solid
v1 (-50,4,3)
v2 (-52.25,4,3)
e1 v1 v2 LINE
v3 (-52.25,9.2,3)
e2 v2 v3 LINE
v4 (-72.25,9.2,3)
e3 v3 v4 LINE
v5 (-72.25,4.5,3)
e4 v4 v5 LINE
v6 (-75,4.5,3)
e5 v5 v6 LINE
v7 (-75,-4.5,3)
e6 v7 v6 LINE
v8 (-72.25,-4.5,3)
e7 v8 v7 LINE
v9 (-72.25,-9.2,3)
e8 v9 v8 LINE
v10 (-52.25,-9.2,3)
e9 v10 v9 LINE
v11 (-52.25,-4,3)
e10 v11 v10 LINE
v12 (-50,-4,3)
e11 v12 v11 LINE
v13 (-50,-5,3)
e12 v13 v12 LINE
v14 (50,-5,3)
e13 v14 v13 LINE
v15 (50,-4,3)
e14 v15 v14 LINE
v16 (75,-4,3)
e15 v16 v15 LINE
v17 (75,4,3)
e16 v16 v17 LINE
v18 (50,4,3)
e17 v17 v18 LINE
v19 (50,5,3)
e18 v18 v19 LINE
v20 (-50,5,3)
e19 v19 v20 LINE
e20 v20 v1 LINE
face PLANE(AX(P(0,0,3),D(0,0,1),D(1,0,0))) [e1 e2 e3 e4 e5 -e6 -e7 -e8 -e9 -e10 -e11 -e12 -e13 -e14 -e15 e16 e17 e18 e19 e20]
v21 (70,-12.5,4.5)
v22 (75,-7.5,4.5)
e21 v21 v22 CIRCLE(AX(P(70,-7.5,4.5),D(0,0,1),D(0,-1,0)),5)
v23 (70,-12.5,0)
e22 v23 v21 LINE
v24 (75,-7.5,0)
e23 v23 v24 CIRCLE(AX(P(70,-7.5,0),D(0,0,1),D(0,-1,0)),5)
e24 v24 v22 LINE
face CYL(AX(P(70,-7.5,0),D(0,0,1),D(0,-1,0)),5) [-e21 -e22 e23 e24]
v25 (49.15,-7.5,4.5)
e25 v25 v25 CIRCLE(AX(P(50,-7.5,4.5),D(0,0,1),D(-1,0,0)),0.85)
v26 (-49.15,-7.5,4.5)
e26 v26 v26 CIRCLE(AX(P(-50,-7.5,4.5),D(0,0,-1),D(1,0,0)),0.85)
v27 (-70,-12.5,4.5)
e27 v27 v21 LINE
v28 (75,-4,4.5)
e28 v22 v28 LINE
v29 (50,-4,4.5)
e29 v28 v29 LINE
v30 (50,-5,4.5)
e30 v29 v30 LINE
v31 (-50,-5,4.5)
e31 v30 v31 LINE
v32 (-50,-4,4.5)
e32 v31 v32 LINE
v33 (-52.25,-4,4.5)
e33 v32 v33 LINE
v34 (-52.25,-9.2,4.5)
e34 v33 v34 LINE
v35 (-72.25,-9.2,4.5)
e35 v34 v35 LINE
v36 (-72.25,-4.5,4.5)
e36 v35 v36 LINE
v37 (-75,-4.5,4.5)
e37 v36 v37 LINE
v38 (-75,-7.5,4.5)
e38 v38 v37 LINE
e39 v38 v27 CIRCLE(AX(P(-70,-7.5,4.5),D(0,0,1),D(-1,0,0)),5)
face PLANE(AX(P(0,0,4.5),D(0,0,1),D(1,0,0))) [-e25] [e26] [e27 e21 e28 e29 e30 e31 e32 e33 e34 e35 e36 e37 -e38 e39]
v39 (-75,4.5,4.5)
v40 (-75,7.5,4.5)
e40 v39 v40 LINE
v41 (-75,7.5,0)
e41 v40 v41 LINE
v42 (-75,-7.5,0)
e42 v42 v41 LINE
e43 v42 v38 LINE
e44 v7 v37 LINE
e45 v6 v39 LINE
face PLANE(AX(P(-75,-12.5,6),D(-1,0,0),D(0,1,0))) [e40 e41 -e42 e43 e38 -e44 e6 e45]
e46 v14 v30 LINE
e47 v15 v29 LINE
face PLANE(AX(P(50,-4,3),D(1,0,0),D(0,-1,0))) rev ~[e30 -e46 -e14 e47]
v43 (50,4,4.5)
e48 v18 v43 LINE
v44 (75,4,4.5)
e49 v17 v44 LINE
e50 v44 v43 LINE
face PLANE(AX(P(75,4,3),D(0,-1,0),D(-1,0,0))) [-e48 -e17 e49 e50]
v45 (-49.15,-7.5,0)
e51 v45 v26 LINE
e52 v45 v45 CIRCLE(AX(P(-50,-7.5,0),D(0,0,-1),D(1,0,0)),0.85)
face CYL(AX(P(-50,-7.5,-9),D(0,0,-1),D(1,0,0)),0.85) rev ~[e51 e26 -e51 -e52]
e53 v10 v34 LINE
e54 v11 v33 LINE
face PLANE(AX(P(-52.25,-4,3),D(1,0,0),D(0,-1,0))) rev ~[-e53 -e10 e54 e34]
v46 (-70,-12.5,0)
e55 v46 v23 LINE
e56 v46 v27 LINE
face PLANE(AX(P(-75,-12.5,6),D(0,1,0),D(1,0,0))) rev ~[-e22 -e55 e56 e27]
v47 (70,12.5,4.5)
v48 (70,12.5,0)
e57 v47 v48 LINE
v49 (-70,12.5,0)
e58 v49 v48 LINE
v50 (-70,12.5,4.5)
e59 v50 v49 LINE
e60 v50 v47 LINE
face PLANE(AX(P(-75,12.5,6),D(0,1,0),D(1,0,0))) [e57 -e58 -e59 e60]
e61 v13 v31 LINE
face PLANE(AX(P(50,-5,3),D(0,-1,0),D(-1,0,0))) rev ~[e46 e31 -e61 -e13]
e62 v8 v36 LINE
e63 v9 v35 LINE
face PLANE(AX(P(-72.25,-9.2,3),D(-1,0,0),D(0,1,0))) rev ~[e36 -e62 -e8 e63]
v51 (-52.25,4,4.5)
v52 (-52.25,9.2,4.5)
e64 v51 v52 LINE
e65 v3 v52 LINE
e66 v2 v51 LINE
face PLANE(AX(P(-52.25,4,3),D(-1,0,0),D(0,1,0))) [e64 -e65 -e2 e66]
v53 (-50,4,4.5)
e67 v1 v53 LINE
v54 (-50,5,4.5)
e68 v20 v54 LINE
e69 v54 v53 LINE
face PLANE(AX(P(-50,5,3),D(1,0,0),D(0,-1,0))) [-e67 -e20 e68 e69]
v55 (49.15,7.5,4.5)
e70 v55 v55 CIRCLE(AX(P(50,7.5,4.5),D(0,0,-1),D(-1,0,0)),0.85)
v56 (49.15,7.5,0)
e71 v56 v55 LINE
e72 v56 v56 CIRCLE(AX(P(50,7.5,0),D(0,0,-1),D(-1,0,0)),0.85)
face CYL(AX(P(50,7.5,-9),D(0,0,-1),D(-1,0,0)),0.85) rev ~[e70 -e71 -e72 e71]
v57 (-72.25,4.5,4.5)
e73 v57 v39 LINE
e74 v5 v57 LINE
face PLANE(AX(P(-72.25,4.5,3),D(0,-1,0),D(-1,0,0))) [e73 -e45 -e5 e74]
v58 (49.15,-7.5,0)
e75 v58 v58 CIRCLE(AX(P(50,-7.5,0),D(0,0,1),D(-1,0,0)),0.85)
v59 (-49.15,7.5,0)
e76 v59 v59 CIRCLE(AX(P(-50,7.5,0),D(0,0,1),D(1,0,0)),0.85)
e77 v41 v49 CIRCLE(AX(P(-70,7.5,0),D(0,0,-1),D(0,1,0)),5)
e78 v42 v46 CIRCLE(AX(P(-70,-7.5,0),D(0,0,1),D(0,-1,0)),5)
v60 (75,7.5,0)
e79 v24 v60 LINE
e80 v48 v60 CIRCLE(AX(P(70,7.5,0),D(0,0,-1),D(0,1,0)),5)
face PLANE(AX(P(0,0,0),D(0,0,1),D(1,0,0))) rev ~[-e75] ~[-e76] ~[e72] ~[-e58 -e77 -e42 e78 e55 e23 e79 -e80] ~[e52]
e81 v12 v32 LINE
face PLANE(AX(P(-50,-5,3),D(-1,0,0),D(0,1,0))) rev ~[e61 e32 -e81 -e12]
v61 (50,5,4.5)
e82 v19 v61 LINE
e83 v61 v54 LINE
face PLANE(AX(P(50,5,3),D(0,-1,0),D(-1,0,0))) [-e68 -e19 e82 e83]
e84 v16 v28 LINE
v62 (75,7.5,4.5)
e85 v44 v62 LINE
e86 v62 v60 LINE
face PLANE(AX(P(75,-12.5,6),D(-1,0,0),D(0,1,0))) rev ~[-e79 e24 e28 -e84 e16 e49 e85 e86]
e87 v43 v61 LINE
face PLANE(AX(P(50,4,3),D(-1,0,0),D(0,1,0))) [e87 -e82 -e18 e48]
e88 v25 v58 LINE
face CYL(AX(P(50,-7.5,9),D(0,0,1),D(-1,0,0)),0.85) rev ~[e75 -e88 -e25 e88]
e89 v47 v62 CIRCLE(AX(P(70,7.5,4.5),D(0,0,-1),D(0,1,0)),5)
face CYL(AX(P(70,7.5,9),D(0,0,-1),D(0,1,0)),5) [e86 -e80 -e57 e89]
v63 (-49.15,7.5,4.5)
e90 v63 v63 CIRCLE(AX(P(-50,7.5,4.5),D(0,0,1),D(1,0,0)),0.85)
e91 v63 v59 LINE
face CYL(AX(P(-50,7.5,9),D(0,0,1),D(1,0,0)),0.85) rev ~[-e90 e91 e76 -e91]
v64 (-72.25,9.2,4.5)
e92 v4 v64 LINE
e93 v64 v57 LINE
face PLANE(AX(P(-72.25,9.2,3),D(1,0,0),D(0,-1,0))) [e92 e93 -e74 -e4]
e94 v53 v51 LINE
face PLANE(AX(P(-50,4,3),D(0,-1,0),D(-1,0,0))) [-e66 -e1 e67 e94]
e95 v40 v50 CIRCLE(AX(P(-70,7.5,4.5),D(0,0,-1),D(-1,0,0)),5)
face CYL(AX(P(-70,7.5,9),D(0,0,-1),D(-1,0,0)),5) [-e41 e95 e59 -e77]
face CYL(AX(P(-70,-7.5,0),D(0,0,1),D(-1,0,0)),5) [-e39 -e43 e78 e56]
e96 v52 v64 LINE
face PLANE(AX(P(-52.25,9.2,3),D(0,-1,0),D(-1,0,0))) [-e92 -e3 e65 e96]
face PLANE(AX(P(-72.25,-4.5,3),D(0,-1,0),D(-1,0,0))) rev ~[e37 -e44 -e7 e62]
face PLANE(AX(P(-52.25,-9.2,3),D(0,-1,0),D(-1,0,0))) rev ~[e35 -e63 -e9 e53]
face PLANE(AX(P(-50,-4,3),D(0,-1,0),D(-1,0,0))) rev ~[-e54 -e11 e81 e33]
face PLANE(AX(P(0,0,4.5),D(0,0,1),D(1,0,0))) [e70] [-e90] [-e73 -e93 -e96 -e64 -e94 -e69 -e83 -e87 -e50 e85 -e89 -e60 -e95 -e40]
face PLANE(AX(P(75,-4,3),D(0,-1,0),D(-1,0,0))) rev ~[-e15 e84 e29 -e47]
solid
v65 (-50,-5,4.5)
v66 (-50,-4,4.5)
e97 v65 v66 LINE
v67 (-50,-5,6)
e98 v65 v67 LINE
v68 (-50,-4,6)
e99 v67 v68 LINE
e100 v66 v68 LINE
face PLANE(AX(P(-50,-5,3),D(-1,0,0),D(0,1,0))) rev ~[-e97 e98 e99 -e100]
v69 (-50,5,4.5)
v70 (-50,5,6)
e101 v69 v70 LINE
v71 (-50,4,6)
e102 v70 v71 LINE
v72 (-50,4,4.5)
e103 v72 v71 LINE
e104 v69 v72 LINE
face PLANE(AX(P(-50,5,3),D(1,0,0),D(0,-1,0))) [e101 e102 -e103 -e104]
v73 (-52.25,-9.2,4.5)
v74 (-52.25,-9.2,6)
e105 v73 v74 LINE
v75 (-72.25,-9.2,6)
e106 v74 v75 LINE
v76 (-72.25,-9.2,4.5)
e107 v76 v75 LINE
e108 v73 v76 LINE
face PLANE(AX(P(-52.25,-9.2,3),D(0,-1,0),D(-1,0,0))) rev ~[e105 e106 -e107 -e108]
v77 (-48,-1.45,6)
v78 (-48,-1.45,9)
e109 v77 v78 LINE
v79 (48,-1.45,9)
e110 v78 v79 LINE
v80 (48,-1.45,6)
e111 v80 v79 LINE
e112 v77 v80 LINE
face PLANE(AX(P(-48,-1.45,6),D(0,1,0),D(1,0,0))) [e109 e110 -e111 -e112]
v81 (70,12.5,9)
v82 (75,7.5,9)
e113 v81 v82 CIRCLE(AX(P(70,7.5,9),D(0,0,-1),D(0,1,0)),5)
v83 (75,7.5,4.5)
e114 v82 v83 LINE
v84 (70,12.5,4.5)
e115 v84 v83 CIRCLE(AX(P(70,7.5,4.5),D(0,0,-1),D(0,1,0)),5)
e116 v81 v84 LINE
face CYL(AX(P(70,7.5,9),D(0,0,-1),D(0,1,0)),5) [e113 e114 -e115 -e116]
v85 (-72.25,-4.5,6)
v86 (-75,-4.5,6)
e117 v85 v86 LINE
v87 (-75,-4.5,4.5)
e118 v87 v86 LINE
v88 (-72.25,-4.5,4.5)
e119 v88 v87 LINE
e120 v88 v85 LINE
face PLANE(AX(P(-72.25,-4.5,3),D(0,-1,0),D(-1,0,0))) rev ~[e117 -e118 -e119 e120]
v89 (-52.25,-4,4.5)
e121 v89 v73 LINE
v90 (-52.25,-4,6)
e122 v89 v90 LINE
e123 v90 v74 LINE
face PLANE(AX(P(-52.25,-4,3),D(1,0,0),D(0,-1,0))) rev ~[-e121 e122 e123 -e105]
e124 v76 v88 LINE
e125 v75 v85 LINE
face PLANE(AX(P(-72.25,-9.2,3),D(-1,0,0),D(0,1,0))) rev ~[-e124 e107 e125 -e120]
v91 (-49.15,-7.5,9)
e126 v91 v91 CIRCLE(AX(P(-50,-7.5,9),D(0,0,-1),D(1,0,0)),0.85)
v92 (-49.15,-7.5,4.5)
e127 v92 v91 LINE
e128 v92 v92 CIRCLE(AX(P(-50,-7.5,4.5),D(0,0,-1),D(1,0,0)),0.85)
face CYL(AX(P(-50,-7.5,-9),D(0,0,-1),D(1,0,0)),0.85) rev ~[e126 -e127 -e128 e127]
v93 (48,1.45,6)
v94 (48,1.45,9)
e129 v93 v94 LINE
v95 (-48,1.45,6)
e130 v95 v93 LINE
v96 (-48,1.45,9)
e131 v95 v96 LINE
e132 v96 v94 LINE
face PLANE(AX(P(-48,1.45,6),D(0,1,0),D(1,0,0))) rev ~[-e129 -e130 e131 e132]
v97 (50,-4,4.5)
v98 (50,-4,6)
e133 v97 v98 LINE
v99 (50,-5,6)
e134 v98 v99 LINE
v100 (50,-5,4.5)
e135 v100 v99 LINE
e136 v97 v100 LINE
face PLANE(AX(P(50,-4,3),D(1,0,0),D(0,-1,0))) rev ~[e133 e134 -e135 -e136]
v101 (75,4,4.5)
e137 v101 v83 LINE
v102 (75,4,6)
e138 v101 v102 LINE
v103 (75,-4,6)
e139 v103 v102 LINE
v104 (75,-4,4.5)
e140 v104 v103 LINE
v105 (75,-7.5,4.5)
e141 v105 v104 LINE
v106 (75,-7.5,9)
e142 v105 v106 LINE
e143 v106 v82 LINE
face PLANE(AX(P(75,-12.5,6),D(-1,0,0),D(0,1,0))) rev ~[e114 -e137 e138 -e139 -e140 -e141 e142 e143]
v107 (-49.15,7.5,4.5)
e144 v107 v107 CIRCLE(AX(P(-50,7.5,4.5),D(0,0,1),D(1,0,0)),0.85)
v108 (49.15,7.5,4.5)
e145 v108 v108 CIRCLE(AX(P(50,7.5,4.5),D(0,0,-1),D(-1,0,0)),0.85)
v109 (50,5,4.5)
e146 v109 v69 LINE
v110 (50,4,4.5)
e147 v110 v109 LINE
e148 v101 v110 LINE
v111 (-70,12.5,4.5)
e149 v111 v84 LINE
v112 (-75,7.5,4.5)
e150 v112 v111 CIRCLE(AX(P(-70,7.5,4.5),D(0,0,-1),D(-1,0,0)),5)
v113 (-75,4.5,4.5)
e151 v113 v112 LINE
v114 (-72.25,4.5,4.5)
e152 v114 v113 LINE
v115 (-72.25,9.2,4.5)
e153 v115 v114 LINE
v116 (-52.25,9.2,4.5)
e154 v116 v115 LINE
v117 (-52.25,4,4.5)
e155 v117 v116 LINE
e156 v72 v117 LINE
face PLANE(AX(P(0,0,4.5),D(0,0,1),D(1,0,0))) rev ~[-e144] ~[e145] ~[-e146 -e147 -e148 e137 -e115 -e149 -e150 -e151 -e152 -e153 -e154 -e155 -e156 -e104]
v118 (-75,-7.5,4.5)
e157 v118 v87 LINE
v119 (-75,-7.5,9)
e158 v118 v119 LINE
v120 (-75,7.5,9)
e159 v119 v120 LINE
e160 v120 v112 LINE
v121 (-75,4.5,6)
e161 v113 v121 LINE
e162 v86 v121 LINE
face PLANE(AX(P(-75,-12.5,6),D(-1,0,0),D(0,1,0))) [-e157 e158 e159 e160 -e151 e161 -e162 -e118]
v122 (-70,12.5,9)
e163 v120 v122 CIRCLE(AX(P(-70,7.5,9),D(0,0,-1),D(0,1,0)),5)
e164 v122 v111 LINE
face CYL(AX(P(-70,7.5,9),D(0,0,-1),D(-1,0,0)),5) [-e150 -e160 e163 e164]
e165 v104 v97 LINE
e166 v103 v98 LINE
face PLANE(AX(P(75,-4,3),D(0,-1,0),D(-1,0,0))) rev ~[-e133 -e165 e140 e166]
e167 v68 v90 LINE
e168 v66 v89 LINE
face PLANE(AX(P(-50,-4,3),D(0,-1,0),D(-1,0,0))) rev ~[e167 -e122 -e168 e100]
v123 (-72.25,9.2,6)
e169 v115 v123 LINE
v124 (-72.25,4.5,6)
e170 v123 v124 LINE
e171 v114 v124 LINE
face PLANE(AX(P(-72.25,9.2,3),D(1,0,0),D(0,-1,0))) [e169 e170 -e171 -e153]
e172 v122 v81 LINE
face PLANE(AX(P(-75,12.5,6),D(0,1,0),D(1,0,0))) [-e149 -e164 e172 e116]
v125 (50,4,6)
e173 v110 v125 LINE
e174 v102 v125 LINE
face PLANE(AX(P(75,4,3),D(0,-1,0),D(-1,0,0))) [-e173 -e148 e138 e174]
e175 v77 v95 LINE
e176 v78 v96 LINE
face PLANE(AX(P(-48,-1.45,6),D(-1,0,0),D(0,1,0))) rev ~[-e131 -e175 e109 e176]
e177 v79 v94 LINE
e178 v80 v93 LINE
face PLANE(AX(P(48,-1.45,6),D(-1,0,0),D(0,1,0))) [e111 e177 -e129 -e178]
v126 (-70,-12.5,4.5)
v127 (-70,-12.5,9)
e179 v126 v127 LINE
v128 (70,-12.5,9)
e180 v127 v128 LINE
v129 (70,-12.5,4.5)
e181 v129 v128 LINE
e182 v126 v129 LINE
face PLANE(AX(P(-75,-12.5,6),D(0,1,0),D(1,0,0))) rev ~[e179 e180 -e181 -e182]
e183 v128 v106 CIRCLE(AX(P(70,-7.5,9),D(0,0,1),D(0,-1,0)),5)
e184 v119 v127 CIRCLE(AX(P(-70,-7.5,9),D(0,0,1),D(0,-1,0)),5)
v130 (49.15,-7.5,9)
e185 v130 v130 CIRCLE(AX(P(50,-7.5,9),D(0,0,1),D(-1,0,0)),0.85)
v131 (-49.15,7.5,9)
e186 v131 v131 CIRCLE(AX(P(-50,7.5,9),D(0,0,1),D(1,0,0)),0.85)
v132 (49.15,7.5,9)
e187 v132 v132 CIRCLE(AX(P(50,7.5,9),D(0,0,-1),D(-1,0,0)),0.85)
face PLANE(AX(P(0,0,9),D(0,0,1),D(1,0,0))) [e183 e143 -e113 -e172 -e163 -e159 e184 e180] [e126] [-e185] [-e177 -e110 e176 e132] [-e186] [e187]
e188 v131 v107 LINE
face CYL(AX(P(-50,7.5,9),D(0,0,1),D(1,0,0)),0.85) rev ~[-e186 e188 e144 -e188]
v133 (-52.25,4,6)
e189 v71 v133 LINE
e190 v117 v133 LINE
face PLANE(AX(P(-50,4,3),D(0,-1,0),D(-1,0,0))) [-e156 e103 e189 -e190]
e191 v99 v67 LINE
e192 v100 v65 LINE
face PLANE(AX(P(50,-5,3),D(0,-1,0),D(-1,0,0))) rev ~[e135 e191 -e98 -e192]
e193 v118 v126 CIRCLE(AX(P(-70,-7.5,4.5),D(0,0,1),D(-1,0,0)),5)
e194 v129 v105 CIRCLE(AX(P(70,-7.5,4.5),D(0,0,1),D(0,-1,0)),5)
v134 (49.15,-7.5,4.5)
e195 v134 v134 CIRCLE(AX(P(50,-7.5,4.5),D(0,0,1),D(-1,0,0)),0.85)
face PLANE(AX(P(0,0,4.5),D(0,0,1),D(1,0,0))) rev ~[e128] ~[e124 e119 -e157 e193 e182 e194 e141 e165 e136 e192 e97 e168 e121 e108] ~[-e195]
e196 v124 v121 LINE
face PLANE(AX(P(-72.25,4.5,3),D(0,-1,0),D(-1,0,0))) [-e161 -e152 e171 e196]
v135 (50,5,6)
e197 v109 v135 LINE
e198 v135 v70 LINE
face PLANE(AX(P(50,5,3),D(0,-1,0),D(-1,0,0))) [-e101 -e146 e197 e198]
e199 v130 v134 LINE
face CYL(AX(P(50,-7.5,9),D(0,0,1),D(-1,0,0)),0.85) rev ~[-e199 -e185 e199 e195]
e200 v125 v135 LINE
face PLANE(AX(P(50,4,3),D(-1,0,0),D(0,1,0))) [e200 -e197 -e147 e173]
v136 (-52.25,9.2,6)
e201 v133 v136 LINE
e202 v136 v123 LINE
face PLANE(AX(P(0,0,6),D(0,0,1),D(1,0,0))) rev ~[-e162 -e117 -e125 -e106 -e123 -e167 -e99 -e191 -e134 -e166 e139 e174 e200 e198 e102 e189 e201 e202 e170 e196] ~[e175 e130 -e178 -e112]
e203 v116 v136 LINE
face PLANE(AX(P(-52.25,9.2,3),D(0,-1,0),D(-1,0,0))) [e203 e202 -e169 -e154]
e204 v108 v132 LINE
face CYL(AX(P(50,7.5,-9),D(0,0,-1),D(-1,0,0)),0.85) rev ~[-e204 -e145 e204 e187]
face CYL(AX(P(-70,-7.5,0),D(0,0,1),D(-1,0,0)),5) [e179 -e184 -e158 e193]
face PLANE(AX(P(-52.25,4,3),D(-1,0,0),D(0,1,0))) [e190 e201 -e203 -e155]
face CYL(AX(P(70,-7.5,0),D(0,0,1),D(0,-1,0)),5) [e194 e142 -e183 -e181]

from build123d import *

# Parameters (mm, degrees)
BOX_BOTTOM_HALF_0_W     = 152
BOX_BOTTOM_HALF_0_H     = 27
BOX_BOTTOM_HALF_0_DEPTH = 5.5
SKETCH_W                = 150
SKETCH_H                = 25
PAD_DEPTH               = 3
PAD001_DEPTH            = 3
SKETCH004_W             = 150
SKETCH004_H             = 25
SKETCH004_W_2           = 96
SKETCH004_H_2           = 2.9
PAD002_DEPTH            = 3
SKETCH005_R             = 0.85
POCKET_DEPTH            = 313.671314
POLARPATTERN_COUNT      = 2
POLARPATTERN001_COUNT   = 2
POLARPATTERN002_COUNT   = 2
FILLET_R                = 5


with BuildPart() as box_bottom_half_0_body:
    # box_bottom_half_0 → box_bottom_half_0 (new body)
    with BuildSketch(Plane(origin=(-76, -13.5, -1), x_dir=(1, 0, 0), z_dir=(0, 0, 1))):
        with Locations((76, 13.5)):
            Rectangle(BOX_BOTTOM_HALF_0_W, BOX_BOTTOM_HALF_0_H)
    extrude(amount=BOX_BOTTOM_HALF_0_DEPTH)


with BuildPart() as body:
    # Sketch → Pad (new body)
    with BuildSketch(Plane.XY):
        Rectangle(SKETCH_W, SKETCH_H)
    extrude(amount=PAD_DEPTH)

    # Sketch001 (on Face6 of Pad) → Pad001 (join)
    with BuildSketch(Plane.XY.offset(3)):
        Polygon((-75, 12.5), (75, 12.5), (75, 4), (50, 4), (50, 5), (-50, 5), (-50, 4), (-52.25, 4), (-52.25, 9.2), (-72.25, 9.2), (-72.25, 4.5), (-75, 4.5), align=None)
        Polygon((-75, -12.5), (75, -12.5), (75, -4), (50, -4), (50, -5), (-50, -5), (-50, -4), (-52.25, -4), (-52.25, -9.2), (-72.25, -9.2), (-72.25, -4.5), (-75, -4.5), align=None)
    extrude(amount=PAD001_DEPTH)

    # Sketch004 (on Face12 of Pad001) → Pad002 (join)
    with BuildSketch(Plane.XY.offset(6)):
        Rectangle(SKETCH004_W, SKETCH004_H)
        Rectangle(SKETCH004_W_2, SKETCH004_H_2, mode=Mode.SUBTRACT)
    extrude(amount=PAD002_DEPTH)

    # Sketch005 (on Face34 of Pad002) → Pocket (cut, through all)
    with BuildSketch(Plane.XY.offset(9)):
        with Locations((-50, 7.5)):
            Circle(SKETCH005_R)
    pocket = extrude(amount=-POCKET_DEPTH, mode=Mode.SUBTRACT)

    # PolarPattern: Pocket ×2 about axis
    polarpattern_axis = Axis((0, 0, 9), (0, 0, 1))
    for i in range(1, POLARPATTERN_COUNT):
        add(pocket.rotate(polarpattern_axis, i * 360 / POLARPATTERN_COUNT), mode=Mode.SUBTRACT)

    # PolarPattern001: Pocket ×2 about axis
    polarpattern001_axis = Axis((0, 0, 0), (0, 1, 0))
    for i in range(1, POLARPATTERN001_COUNT):
        add(pocket.rotate(polarpattern001_axis, i * 360 / POLARPATTERN001_COUNT), mode=Mode.SUBTRACT)

    # PolarPattern002: Pocket ×2 about axis
    polarpattern002_axis = Axis((0, 0, 0), (1, 0, 0))
    for i in range(1, POLARPATTERN002_COUNT):
        add(pocket.rotate(polarpattern002_axis, i * 360 / POLARPATTERN002_COUNT), mode=Mode.SUBTRACT)

    # Fillet
    fillet_edges = [body.edges().sort_by_distance(p)[0] for p in [
        (75, -12.5, 7.5),
        (75, 12.5, 7.5),
        (-75, -12.5, 7.5),
        (-75, 12.5, 7.5),
    ]]
    fillet(fillet_edges, radius=FILLET_R)


with BuildPart() as bottom_half_0_body:
    # bottom_half_0 base: copy of Body
    add(body.part)

    # bottom_half_0: intersect box_bottom_half_0 body
    add(box_bottom_half_0_body.part, mode=Mode.INTERSECT)


with BuildPart() as top_half_0_body:
    # top_half_0 base: copy of Body
    add(body.part)

    # top_half_0: cut box_bottom_half_0 body
    add(box_bottom_half_0_body.part, mode=Mode.SUBTRACT)


solid = Compound([bottom_half_0_body.part, top_half_0_body.part])
